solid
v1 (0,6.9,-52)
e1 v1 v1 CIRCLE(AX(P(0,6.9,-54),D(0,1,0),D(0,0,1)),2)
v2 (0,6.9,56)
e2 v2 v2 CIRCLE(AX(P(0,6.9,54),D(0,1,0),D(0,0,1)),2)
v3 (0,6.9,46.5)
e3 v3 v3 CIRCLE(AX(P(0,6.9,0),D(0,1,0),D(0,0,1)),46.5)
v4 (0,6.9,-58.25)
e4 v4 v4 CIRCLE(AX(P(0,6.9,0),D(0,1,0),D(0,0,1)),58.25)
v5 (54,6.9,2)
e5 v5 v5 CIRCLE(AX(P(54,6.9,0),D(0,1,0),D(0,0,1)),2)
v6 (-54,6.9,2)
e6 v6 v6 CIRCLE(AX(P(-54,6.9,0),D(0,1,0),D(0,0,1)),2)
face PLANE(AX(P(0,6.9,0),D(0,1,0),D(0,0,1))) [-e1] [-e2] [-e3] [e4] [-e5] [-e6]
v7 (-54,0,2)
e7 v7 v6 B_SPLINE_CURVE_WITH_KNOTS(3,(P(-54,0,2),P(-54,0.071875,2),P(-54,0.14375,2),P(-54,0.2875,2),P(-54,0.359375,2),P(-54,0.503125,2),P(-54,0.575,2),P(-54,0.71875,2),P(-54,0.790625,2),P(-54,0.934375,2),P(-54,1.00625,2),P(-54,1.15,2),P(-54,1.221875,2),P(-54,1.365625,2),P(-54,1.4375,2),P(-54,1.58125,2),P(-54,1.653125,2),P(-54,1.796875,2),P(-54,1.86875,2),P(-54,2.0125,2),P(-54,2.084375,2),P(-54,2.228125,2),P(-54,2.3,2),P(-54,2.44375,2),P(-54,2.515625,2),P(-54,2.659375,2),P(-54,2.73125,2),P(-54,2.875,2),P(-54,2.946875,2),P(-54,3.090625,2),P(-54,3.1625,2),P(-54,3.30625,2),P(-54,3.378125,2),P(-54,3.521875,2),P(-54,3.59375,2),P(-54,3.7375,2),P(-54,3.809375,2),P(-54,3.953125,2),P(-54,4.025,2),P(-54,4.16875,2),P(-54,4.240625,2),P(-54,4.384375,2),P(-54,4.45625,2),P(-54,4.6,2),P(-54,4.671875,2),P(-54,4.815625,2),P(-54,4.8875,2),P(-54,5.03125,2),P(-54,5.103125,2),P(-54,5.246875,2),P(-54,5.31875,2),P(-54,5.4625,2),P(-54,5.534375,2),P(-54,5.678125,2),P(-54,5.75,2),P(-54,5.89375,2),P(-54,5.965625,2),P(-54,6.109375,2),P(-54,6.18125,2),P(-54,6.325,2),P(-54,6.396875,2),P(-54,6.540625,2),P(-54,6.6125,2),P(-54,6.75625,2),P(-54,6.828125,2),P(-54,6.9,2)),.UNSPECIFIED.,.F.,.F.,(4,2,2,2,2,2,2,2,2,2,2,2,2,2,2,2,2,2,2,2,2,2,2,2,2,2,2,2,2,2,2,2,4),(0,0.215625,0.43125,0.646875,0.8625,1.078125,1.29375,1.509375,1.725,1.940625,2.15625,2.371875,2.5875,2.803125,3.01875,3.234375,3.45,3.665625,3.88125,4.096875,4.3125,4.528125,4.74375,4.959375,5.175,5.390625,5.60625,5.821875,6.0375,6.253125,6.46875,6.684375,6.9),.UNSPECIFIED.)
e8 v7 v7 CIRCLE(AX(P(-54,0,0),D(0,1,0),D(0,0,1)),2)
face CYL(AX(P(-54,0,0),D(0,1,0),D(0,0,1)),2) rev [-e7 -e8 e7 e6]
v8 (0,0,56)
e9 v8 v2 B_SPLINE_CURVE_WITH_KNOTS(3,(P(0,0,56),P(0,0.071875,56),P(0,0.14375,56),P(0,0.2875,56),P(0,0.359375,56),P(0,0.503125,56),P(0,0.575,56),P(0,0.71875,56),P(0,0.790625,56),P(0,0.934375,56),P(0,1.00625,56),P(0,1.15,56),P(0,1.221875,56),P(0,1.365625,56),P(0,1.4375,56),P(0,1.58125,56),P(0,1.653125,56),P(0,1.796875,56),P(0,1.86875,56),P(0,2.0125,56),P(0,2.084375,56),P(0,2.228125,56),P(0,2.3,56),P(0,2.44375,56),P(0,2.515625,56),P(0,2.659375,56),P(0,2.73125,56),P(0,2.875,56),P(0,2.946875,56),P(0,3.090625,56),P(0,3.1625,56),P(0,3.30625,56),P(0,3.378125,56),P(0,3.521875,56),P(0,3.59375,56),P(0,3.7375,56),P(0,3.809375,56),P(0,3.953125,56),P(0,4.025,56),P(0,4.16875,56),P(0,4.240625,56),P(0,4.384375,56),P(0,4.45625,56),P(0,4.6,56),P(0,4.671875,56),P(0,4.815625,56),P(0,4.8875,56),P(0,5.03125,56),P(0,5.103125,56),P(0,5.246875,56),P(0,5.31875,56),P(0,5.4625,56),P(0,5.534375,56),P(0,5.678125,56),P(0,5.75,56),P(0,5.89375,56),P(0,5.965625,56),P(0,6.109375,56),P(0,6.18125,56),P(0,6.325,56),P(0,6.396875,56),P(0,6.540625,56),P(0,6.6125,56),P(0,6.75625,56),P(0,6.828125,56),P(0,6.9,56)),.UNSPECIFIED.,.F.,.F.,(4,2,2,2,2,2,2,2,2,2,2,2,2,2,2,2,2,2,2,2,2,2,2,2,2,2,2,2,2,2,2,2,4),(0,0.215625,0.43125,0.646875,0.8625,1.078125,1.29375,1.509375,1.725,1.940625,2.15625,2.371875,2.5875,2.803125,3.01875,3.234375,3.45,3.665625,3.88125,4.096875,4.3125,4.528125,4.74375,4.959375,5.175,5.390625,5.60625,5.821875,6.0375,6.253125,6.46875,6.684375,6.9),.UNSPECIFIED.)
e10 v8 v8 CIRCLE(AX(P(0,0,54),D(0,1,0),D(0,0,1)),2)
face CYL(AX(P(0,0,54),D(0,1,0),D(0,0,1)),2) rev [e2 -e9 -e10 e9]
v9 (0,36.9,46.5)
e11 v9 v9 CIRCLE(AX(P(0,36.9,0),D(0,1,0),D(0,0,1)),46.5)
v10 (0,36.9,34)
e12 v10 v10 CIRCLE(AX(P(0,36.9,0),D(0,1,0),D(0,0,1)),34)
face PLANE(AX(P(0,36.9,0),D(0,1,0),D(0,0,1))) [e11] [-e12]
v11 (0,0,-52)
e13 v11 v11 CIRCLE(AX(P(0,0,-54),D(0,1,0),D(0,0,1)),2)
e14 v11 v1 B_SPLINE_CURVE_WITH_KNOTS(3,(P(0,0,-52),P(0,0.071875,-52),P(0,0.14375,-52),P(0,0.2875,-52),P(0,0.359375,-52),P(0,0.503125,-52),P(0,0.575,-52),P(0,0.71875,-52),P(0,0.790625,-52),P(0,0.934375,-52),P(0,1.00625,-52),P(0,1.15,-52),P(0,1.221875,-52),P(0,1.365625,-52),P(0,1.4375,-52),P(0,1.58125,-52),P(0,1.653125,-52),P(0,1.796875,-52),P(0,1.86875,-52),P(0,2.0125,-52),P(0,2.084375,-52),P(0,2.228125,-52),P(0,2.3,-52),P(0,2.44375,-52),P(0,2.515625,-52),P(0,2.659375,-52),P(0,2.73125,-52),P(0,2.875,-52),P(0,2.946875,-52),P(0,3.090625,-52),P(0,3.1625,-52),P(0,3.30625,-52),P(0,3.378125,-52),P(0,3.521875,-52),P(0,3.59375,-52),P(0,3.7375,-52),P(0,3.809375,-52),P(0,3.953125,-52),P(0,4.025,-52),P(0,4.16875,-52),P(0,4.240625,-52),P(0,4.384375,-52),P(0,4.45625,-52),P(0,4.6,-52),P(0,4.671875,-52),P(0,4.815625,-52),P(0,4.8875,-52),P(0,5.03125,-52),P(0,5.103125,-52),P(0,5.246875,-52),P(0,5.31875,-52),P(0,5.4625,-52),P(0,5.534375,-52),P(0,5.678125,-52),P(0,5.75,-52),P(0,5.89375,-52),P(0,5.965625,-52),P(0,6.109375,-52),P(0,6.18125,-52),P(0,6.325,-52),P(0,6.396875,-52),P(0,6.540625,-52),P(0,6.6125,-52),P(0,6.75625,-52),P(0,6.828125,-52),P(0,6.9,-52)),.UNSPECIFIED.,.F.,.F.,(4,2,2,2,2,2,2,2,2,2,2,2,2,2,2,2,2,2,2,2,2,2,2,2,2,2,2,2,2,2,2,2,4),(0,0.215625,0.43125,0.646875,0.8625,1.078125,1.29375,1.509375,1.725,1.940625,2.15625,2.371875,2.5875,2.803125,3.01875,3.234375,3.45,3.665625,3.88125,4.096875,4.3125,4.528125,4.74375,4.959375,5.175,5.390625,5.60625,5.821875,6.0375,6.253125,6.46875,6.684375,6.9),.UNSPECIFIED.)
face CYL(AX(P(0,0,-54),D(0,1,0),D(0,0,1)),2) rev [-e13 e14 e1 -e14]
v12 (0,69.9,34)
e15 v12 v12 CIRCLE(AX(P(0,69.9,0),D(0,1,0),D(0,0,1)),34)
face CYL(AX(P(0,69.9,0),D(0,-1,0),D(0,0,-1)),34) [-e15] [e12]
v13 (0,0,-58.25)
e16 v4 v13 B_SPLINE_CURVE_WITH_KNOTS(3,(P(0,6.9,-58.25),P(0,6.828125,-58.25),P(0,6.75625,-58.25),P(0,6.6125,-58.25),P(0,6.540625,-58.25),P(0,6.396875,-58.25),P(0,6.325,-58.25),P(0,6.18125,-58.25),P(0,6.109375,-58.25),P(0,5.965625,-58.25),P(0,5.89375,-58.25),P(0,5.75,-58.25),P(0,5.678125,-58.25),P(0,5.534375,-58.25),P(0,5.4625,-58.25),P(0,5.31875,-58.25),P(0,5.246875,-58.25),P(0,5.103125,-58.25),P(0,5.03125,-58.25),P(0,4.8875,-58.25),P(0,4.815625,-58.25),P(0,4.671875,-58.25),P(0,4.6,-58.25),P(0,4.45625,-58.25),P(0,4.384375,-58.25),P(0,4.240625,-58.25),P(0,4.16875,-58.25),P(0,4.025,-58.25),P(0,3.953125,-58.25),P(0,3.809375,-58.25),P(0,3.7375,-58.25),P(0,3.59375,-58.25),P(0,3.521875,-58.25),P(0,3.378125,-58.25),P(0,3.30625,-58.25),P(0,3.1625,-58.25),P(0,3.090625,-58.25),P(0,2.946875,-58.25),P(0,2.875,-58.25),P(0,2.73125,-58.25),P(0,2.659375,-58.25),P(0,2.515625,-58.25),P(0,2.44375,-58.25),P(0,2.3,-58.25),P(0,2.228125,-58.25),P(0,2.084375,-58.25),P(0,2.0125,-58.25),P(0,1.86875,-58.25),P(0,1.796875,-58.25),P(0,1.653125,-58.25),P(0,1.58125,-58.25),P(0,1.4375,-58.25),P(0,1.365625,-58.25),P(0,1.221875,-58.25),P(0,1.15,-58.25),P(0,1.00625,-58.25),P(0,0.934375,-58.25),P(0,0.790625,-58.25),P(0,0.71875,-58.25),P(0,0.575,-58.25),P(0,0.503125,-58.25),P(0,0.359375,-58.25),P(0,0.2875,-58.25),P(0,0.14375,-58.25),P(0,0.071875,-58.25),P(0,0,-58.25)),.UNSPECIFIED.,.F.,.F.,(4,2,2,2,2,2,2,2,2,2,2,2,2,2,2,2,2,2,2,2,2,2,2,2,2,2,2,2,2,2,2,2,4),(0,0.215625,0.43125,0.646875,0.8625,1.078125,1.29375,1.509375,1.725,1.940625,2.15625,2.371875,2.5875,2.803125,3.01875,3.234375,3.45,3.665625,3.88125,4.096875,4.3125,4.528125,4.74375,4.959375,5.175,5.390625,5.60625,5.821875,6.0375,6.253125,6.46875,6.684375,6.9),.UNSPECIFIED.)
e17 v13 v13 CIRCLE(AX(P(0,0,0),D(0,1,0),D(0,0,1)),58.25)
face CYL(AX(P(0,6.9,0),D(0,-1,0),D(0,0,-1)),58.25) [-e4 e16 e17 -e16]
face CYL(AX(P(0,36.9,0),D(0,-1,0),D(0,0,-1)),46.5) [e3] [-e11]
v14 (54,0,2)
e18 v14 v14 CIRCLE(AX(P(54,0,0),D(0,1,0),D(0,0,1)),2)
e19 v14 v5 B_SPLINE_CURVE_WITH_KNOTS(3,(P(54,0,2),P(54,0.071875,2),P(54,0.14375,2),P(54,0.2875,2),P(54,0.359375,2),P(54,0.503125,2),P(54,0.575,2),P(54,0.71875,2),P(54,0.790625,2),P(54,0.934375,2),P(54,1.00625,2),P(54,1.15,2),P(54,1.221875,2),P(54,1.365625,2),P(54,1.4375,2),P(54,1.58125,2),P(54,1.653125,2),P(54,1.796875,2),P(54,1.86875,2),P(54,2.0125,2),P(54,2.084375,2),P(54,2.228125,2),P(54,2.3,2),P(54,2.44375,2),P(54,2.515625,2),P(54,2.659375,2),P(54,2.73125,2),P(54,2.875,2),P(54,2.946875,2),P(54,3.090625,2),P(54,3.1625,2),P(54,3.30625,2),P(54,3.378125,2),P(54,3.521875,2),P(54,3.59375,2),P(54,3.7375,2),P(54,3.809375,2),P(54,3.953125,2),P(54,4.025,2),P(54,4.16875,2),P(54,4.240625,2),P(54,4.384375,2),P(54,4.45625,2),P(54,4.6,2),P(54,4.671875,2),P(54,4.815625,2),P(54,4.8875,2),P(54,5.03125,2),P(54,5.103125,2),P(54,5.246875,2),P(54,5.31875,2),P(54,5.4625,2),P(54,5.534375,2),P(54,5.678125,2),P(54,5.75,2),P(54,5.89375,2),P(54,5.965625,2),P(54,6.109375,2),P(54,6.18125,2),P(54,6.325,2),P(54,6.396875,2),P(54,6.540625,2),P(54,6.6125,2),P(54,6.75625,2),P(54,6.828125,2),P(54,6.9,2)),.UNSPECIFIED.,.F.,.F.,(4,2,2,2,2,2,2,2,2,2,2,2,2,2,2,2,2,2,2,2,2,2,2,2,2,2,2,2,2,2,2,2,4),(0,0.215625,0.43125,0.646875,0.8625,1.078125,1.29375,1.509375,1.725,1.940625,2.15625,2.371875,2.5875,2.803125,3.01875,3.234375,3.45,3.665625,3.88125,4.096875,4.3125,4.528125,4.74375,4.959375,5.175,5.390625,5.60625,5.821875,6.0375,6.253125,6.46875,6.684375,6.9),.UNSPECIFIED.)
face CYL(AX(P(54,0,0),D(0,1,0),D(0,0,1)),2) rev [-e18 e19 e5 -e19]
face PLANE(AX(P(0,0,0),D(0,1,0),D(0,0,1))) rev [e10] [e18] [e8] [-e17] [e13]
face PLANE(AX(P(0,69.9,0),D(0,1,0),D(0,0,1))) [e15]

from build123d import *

# Parameters (mm, degrees)
SKETCH1_R           = 58.25
BOSS_EXTRUDE1_DEPTH = 6.9
SKETCH2_R           = 2
CUT_EXTRUDE1_DEPTH  = 6.9
SKETCH3_R           = 46.5
BOSS_EXTRUDE2_DEPTH = 30
SKETCH4_R           = 34
BOSS_EXTRUDE3_DEPTH = 33


with BuildPart() as part:
    # Sketch1 → Boss-Extrude1 (new body)
    with BuildSketch(Plane(origin=(0, 0, 0), x_dir=(1, 0, 0), z_dir=(0, 1, 0))):
        with Locations(Location((0, 0, 0), (0, 0, 90))):
            Circle(SKETCH1_R)
    extrude(amount=BOSS_EXTRUDE1_DEPTH)

    # Sketch2 → Cut-Extrude1 (cut)
    with BuildSketch(Plane(origin=(0, 6.9, 0), x_dir=(1, 0, 0), z_dir=(0, 1, 0))):
        with Locations(Location((0, 54, 0), (0, 0, 270))):
            Circle(SKETCH2_R)
        with Locations(Location((-54, 0, 0), (0, 0, 270))):
            Circle(SKETCH2_R)
        with Locations(Location((0, -54, 0), (0, 0, 270))):
            Circle(SKETCH2_R)
        with Locations(Location((54, 0, 0), (0, 0, 270))):
            Circle(SKETCH2_R)
    extrude(amount=-CUT_EXTRUDE1_DEPTH, mode=Mode.SUBTRACT)

    # Sketch3 → Boss-Extrude2 (add)
    with BuildSketch(Plane(origin=(0, 6.9, 0), x_dir=(1, 0, 0), z_dir=(0, 1, 0))):
        with Locations(Location((0, 0, 0), (0, 0, 270))):
            Circle(SKETCH3_R)
    extrude(amount=BOSS_EXTRUDE2_DEPTH)

    # Sketch4 → Boss-Extrude3 (add)
    with BuildSketch(Plane(origin=(0, 36.9, 0), x_dir=(1, 0, 0), z_dir=(0, 1, 0))):
        with Locations(Location((0, 0, 0), (0, 0, 270))):
            Circle(SKETCH4_R)
    extrude(amount=BOSS_EXTRUDE3_DEPTH)


solid = part.part
